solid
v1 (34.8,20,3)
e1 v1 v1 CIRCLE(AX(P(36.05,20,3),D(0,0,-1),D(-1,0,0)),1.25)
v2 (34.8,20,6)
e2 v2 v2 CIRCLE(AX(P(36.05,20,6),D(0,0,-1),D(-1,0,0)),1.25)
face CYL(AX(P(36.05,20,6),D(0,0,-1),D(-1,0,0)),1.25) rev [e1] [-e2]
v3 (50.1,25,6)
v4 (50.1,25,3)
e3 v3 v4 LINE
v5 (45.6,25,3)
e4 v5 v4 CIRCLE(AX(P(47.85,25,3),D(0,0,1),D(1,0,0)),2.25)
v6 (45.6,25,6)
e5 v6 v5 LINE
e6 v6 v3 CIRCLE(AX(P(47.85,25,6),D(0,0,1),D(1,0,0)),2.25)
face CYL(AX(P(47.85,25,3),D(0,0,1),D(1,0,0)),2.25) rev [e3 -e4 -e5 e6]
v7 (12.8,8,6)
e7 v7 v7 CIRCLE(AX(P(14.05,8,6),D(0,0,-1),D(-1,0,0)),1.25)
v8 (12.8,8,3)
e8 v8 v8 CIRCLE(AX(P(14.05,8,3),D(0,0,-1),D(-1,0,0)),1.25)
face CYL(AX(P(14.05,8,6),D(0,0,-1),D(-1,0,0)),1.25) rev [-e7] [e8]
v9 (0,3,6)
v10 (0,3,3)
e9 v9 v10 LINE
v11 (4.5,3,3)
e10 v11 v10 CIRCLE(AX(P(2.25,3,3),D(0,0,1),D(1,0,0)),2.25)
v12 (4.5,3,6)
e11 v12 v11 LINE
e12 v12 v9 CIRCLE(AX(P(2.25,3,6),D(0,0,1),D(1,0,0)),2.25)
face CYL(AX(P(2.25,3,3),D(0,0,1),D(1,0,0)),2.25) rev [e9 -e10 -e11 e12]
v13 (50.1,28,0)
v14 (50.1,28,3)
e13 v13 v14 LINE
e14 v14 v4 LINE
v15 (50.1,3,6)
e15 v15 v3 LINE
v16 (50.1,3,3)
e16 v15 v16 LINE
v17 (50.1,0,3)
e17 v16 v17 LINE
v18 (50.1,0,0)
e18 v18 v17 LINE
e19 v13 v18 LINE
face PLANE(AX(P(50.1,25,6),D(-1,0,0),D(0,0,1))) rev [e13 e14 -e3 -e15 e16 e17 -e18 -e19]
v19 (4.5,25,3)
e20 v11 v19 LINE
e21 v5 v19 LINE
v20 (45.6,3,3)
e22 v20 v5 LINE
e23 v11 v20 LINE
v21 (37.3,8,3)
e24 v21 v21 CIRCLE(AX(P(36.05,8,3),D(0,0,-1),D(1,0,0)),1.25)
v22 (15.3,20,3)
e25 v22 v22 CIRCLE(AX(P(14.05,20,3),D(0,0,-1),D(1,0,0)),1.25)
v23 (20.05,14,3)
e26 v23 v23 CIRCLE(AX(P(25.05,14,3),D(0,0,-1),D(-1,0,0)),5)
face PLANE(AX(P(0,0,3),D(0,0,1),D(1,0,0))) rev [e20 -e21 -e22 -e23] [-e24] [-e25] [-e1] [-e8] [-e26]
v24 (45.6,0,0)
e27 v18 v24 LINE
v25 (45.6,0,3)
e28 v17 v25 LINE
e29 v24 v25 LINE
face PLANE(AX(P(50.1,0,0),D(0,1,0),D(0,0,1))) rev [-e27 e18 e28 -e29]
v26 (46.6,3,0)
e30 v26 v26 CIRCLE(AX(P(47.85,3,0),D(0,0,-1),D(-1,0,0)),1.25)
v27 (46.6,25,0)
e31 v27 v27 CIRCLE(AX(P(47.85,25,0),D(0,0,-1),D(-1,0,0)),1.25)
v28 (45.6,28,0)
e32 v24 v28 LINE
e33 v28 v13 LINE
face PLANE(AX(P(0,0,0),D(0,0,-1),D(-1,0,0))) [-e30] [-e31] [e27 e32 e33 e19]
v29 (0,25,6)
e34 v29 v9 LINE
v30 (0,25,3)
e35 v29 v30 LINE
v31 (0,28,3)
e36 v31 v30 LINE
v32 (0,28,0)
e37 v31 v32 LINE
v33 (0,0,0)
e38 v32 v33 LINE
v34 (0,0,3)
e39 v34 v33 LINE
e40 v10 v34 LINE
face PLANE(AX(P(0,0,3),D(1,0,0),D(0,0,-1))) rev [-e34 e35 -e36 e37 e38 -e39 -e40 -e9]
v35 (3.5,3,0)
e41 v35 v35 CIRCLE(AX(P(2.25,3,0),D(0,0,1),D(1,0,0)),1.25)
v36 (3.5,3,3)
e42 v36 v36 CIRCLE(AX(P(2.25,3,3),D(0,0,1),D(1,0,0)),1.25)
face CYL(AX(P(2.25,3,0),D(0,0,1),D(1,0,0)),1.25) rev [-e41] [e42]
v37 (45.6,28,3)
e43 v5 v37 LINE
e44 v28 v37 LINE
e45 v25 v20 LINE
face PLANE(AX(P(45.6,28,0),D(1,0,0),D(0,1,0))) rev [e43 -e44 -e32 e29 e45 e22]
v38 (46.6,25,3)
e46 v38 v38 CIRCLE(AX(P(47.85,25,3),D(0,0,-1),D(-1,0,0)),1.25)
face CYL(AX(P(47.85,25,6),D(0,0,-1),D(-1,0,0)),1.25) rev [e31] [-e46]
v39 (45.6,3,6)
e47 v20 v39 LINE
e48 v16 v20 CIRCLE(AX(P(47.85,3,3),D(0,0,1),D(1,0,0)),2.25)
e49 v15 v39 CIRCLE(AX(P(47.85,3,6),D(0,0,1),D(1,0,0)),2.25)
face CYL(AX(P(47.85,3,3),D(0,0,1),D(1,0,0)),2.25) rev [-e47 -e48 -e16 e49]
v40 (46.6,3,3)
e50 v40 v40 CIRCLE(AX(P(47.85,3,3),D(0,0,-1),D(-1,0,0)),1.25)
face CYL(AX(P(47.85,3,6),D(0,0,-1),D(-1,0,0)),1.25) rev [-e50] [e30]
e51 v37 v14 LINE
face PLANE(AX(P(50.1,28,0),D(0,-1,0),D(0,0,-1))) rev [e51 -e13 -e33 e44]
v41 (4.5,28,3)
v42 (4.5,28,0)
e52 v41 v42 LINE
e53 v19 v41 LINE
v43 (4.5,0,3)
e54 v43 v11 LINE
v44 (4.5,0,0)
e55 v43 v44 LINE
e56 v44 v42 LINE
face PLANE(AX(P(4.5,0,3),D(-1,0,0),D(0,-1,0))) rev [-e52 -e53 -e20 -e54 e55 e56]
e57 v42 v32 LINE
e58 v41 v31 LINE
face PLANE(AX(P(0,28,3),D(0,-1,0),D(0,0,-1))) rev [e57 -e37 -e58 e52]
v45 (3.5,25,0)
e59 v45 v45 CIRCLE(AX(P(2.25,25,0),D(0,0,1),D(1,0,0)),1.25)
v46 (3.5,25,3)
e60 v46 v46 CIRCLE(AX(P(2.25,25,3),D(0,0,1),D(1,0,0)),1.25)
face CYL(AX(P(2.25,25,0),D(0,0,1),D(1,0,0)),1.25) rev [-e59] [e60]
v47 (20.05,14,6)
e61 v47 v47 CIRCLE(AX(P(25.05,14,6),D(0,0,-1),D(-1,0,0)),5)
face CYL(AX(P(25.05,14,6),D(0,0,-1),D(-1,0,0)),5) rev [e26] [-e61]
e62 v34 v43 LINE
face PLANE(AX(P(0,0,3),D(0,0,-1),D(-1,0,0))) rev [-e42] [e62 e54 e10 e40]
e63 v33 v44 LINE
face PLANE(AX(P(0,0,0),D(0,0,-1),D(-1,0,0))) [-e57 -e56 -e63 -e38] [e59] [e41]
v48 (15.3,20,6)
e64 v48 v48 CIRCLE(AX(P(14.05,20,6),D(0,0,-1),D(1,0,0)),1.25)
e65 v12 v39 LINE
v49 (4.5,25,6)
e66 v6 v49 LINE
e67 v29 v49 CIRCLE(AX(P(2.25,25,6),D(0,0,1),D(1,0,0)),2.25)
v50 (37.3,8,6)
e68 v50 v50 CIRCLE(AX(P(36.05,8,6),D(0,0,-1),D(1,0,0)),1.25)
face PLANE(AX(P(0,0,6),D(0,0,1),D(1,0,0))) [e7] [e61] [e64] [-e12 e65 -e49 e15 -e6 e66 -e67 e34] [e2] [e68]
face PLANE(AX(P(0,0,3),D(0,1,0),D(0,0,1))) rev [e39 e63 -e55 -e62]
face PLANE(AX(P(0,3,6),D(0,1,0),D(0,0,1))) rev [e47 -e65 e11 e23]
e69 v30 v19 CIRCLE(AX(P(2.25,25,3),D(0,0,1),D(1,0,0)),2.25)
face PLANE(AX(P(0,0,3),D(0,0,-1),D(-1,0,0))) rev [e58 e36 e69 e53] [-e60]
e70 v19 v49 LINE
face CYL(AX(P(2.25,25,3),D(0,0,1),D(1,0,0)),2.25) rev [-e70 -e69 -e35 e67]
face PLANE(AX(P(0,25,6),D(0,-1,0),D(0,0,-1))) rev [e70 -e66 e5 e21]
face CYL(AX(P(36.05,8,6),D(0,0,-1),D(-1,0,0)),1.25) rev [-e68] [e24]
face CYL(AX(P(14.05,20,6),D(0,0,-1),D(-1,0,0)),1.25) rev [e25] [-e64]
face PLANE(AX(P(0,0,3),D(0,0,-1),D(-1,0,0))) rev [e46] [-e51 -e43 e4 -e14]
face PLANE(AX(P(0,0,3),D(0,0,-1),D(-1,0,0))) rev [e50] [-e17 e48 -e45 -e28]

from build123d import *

# Parameters (mm, degrees)
SKETCH_1_W          = 4.5
SKETCH_1_H          = 28
EXTRUDE_1_DEPTH     = 3
SKETCH_4_W          = 50.1
SKETCH_4_H          = 22
EXTRUDE_2_DEPTH     = 3
SKETCH_5_W          = 4.5
SKETCH_5_H          = 28
EXTRUDE_3_DEPTH     = 3
SKETCH_6_R          = 1.25
CUT_EXTRUDE_2_DEPTH = 7
SKETCH_2_R          = 1.25
CUT_EXTRUDE_1_DEPTH = 4
SKETCH_7_R          = 5
SKETCH_7_R_2        = 1.25
CUT_EXTRUDE_3_DEPTH = 4
SKETCH_10_R         = 2.25
CUT_EXTRUDE_4_DEPTH = 3


with BuildPart() as part:
    # 스케치1 → 보스-돌출1 (new body)
    with BuildSketch(Plane.XY):
        with Locations((2.25, 14)):
            Rectangle(SKETCH_1_W, SKETCH_1_H)
    extrude(amount=EXTRUDE_1_DEPTH)

    # 스케치4 → 보스-돌출2 (add)
    with BuildSketch(Plane.XY.offset(3)):
        with Locations((25.05, 14)):
            Rectangle(SKETCH_4_W, SKETCH_4_H)
    extrude(amount=EXTRUDE_2_DEPTH)

    # 스케치5 → 보스-돌출3 (add)
    with BuildSketch(Plane(origin=(0, 0, 3), x_dir=(-1, 0, 0), z_dir=(0, 0, -1))):
        with Locations((-47.85, 14)):
            Rectangle(SKETCH_5_W, SKETCH_5_H)
    extrude(amount=EXTRUDE_3_DEPTH)

    # 스케치6 → 컷-돌출2 (cut, through all)
    with BuildSketch(Plane(origin=(0, 0, 0), x_dir=(-1, 0, 0), z_dir=(0, 0, -1))):
        with Locations((-47.85, 25)):
            Circle(SKETCH_6_R)
        with Locations((-47.85, 3)):
            Circle(SKETCH_6_R)
    extrude(amount=-CUT_EXTRUDE_2_DEPTH, mode=Mode.SUBTRACT)

    # 스케치2 → 컷-돌출1 (cut, through all)
    with BuildSketch(Plane.XY.offset(3)):
        with Locations((2.25, 25)):
            Circle(SKETCH_2_R)
        with Locations((2.25, 3)):
            Circle(SKETCH_2_R)
    extrude(amount=-CUT_EXTRUDE_1_DEPTH, mode=Mode.SUBTRACT)

    # 스케치7 → 컷-돌출3 (cut, through all)
    with BuildSketch(Plane(origin=(0, 0, 3), x_dir=(-1, 0, 0), z_dir=(0, 0, -1))):
        with Locations((-25.05, 14)):
            Circle(SKETCH_7_R)
        with Locations((-36.05, 20)):
            Circle(SKETCH_7_R_2)
        with Locations((-14.05, 20)):
            Circle(SKETCH_7_R_2)
        with Locations((-36.05, 8)):
            Circle(SKETCH_7_R_2)
        with Locations((-14.05, 8)):
            Circle(SKETCH_7_R_2)
    extrude(amount=-CUT_EXTRUDE_3_DEPTH, mode=Mode.SUBTRACT)

    # 스케치10 → 컷-돌출4 (cut)
    with BuildSketch(Plane.XY.offset(6)):
        with Locations((2.25, 25)):
            Circle(SKETCH_10_R)
        with Locations((2.25, 3)):
            Circle(SKETCH_10_R)
        with Locations((47.85, 25)):
            Circle(SKETCH_10_R)
        with Locations((47.85, 3)):
            Circle(SKETCH_10_R)
    extrude(amount=-CUT_EXTRUDE_4_DEPTH, mode=Mode.SUBTRACT)


solid = part.part
